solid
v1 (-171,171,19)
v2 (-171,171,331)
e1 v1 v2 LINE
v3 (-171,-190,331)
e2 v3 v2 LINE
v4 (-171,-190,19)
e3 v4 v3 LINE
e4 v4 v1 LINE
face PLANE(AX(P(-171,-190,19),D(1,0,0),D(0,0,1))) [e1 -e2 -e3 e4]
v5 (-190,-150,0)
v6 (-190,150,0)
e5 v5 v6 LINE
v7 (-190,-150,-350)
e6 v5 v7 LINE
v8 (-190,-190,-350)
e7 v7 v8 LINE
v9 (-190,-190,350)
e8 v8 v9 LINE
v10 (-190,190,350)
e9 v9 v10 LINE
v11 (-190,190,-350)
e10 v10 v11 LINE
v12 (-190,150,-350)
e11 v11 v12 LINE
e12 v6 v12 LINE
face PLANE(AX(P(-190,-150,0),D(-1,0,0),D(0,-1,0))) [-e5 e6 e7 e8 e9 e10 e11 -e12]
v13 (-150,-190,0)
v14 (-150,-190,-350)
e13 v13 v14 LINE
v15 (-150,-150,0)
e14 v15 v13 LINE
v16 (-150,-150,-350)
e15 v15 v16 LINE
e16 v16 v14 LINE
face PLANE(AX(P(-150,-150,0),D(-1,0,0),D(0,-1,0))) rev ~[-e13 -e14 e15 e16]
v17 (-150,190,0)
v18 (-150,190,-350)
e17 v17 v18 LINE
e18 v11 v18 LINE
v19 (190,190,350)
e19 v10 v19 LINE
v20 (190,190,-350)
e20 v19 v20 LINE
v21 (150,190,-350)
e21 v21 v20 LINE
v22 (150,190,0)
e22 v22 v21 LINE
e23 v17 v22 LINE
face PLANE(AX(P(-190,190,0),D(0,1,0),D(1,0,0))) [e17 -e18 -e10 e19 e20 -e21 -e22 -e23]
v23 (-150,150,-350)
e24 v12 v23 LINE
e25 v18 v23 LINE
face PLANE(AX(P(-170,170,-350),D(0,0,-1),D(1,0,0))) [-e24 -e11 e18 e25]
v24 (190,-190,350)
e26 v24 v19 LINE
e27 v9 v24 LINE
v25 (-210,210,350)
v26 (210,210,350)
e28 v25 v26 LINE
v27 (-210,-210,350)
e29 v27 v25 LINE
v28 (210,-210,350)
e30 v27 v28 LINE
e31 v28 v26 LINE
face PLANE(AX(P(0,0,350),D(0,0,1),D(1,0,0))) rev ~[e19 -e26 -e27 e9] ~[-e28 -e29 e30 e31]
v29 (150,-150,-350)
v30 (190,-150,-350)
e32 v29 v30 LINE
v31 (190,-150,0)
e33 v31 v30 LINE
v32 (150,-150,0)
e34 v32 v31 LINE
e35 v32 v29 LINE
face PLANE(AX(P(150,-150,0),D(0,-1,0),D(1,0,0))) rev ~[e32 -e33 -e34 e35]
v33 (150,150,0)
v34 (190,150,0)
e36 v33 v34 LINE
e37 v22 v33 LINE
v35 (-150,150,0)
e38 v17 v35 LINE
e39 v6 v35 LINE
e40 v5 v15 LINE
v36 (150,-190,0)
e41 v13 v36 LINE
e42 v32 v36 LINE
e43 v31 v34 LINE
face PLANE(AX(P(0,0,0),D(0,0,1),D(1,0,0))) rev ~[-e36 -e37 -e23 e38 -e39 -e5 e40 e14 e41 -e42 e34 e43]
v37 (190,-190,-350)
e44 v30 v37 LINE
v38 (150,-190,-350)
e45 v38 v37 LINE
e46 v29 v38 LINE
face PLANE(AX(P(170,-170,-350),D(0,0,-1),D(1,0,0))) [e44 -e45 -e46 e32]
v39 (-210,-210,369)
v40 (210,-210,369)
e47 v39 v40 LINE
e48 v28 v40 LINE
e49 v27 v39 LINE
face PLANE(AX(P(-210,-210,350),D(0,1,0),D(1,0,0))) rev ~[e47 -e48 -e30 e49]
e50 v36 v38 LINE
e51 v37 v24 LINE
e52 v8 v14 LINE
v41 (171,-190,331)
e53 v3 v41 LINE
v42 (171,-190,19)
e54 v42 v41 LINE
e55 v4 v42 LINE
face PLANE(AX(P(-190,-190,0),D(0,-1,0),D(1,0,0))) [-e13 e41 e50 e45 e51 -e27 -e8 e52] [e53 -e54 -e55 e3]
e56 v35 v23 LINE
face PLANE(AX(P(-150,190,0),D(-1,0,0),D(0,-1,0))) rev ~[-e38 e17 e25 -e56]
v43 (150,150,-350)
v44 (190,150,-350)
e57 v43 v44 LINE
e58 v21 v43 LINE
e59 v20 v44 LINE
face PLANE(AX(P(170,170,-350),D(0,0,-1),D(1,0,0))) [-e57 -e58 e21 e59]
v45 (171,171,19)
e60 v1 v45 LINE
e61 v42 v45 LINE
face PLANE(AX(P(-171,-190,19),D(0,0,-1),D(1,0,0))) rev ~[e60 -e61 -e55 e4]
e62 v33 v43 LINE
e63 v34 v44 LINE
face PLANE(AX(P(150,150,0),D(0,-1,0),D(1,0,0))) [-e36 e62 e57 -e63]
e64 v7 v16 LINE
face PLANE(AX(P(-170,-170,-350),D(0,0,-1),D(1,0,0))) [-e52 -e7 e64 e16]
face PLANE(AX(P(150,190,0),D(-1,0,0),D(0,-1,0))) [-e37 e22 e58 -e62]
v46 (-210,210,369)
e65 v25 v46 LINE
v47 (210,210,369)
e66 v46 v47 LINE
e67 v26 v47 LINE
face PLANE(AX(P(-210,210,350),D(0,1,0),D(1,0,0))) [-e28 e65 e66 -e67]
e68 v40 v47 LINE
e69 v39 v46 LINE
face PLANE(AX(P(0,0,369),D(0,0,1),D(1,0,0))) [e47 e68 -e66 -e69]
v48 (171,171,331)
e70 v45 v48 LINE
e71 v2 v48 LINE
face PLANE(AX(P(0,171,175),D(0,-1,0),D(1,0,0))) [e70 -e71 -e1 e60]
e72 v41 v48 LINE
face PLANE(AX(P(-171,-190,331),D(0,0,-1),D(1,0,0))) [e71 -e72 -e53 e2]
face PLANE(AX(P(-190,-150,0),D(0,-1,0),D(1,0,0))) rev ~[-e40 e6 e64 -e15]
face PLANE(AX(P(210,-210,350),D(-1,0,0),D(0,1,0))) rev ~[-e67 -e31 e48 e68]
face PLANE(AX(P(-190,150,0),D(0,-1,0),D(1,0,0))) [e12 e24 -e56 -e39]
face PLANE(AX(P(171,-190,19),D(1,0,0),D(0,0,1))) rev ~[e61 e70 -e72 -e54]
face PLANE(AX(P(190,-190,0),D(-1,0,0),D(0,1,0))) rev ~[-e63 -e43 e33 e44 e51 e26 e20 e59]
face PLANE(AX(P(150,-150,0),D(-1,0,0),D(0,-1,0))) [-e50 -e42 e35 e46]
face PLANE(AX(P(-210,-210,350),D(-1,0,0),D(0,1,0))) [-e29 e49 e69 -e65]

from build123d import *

# Parameters (mm, degrees)
F0_W     = 380
F0_H     = 380
F1_DEPTH = 350
F2_W     = 342
F2_H     = 312
F3_DEPTH = 361
F4_W     = 40
F4_H     = 40
F5_DEPTH = 350
F6_W     = 420
F6_H     = 420
F7_DEPTH = 19


with BuildPart() as f1:
    # F0 (on Top) → F1 (new body)
    with BuildSketch(Plane.XY):
        Rectangle(F0_W, F0_H)
    extrude(amount=F1_DEPTH)

    # F2 (on face) → F3 (cut)
    with BuildSketch(Plane.XZ.offset(190)):
        with Locations((0, 175)):
            Rectangle(F2_W, F2_H)
    extrude(amount=-F3_DEPTH, mode=Mode.SUBTRACT)

    # F4 (on face) → F5 (join)
    with BuildSketch(Plane(origin=(0, 0, 0), x_dir=(1, 0, 0), z_dir=(0, 0, -1))):
        with Locations((-170, 170)):
            Rectangle(F4_W, F4_H)
        with Locations((170, 170)):
            Rectangle(F4_W, F4_H)
        with Locations((170, -170)):
            Rectangle(F4_W, F4_H)
        with Locations((-170, -170)):
            Rectangle(F4_W, F4_H)
    extrude(amount=F5_DEPTH)

    # F6 (on face) → F7 (join)
    with BuildSketch(Plane.XY.offset(350)):
        Rectangle(F6_W, F6_H)
    extrude(amount=F7_DEPTH)


solid = f1.part
